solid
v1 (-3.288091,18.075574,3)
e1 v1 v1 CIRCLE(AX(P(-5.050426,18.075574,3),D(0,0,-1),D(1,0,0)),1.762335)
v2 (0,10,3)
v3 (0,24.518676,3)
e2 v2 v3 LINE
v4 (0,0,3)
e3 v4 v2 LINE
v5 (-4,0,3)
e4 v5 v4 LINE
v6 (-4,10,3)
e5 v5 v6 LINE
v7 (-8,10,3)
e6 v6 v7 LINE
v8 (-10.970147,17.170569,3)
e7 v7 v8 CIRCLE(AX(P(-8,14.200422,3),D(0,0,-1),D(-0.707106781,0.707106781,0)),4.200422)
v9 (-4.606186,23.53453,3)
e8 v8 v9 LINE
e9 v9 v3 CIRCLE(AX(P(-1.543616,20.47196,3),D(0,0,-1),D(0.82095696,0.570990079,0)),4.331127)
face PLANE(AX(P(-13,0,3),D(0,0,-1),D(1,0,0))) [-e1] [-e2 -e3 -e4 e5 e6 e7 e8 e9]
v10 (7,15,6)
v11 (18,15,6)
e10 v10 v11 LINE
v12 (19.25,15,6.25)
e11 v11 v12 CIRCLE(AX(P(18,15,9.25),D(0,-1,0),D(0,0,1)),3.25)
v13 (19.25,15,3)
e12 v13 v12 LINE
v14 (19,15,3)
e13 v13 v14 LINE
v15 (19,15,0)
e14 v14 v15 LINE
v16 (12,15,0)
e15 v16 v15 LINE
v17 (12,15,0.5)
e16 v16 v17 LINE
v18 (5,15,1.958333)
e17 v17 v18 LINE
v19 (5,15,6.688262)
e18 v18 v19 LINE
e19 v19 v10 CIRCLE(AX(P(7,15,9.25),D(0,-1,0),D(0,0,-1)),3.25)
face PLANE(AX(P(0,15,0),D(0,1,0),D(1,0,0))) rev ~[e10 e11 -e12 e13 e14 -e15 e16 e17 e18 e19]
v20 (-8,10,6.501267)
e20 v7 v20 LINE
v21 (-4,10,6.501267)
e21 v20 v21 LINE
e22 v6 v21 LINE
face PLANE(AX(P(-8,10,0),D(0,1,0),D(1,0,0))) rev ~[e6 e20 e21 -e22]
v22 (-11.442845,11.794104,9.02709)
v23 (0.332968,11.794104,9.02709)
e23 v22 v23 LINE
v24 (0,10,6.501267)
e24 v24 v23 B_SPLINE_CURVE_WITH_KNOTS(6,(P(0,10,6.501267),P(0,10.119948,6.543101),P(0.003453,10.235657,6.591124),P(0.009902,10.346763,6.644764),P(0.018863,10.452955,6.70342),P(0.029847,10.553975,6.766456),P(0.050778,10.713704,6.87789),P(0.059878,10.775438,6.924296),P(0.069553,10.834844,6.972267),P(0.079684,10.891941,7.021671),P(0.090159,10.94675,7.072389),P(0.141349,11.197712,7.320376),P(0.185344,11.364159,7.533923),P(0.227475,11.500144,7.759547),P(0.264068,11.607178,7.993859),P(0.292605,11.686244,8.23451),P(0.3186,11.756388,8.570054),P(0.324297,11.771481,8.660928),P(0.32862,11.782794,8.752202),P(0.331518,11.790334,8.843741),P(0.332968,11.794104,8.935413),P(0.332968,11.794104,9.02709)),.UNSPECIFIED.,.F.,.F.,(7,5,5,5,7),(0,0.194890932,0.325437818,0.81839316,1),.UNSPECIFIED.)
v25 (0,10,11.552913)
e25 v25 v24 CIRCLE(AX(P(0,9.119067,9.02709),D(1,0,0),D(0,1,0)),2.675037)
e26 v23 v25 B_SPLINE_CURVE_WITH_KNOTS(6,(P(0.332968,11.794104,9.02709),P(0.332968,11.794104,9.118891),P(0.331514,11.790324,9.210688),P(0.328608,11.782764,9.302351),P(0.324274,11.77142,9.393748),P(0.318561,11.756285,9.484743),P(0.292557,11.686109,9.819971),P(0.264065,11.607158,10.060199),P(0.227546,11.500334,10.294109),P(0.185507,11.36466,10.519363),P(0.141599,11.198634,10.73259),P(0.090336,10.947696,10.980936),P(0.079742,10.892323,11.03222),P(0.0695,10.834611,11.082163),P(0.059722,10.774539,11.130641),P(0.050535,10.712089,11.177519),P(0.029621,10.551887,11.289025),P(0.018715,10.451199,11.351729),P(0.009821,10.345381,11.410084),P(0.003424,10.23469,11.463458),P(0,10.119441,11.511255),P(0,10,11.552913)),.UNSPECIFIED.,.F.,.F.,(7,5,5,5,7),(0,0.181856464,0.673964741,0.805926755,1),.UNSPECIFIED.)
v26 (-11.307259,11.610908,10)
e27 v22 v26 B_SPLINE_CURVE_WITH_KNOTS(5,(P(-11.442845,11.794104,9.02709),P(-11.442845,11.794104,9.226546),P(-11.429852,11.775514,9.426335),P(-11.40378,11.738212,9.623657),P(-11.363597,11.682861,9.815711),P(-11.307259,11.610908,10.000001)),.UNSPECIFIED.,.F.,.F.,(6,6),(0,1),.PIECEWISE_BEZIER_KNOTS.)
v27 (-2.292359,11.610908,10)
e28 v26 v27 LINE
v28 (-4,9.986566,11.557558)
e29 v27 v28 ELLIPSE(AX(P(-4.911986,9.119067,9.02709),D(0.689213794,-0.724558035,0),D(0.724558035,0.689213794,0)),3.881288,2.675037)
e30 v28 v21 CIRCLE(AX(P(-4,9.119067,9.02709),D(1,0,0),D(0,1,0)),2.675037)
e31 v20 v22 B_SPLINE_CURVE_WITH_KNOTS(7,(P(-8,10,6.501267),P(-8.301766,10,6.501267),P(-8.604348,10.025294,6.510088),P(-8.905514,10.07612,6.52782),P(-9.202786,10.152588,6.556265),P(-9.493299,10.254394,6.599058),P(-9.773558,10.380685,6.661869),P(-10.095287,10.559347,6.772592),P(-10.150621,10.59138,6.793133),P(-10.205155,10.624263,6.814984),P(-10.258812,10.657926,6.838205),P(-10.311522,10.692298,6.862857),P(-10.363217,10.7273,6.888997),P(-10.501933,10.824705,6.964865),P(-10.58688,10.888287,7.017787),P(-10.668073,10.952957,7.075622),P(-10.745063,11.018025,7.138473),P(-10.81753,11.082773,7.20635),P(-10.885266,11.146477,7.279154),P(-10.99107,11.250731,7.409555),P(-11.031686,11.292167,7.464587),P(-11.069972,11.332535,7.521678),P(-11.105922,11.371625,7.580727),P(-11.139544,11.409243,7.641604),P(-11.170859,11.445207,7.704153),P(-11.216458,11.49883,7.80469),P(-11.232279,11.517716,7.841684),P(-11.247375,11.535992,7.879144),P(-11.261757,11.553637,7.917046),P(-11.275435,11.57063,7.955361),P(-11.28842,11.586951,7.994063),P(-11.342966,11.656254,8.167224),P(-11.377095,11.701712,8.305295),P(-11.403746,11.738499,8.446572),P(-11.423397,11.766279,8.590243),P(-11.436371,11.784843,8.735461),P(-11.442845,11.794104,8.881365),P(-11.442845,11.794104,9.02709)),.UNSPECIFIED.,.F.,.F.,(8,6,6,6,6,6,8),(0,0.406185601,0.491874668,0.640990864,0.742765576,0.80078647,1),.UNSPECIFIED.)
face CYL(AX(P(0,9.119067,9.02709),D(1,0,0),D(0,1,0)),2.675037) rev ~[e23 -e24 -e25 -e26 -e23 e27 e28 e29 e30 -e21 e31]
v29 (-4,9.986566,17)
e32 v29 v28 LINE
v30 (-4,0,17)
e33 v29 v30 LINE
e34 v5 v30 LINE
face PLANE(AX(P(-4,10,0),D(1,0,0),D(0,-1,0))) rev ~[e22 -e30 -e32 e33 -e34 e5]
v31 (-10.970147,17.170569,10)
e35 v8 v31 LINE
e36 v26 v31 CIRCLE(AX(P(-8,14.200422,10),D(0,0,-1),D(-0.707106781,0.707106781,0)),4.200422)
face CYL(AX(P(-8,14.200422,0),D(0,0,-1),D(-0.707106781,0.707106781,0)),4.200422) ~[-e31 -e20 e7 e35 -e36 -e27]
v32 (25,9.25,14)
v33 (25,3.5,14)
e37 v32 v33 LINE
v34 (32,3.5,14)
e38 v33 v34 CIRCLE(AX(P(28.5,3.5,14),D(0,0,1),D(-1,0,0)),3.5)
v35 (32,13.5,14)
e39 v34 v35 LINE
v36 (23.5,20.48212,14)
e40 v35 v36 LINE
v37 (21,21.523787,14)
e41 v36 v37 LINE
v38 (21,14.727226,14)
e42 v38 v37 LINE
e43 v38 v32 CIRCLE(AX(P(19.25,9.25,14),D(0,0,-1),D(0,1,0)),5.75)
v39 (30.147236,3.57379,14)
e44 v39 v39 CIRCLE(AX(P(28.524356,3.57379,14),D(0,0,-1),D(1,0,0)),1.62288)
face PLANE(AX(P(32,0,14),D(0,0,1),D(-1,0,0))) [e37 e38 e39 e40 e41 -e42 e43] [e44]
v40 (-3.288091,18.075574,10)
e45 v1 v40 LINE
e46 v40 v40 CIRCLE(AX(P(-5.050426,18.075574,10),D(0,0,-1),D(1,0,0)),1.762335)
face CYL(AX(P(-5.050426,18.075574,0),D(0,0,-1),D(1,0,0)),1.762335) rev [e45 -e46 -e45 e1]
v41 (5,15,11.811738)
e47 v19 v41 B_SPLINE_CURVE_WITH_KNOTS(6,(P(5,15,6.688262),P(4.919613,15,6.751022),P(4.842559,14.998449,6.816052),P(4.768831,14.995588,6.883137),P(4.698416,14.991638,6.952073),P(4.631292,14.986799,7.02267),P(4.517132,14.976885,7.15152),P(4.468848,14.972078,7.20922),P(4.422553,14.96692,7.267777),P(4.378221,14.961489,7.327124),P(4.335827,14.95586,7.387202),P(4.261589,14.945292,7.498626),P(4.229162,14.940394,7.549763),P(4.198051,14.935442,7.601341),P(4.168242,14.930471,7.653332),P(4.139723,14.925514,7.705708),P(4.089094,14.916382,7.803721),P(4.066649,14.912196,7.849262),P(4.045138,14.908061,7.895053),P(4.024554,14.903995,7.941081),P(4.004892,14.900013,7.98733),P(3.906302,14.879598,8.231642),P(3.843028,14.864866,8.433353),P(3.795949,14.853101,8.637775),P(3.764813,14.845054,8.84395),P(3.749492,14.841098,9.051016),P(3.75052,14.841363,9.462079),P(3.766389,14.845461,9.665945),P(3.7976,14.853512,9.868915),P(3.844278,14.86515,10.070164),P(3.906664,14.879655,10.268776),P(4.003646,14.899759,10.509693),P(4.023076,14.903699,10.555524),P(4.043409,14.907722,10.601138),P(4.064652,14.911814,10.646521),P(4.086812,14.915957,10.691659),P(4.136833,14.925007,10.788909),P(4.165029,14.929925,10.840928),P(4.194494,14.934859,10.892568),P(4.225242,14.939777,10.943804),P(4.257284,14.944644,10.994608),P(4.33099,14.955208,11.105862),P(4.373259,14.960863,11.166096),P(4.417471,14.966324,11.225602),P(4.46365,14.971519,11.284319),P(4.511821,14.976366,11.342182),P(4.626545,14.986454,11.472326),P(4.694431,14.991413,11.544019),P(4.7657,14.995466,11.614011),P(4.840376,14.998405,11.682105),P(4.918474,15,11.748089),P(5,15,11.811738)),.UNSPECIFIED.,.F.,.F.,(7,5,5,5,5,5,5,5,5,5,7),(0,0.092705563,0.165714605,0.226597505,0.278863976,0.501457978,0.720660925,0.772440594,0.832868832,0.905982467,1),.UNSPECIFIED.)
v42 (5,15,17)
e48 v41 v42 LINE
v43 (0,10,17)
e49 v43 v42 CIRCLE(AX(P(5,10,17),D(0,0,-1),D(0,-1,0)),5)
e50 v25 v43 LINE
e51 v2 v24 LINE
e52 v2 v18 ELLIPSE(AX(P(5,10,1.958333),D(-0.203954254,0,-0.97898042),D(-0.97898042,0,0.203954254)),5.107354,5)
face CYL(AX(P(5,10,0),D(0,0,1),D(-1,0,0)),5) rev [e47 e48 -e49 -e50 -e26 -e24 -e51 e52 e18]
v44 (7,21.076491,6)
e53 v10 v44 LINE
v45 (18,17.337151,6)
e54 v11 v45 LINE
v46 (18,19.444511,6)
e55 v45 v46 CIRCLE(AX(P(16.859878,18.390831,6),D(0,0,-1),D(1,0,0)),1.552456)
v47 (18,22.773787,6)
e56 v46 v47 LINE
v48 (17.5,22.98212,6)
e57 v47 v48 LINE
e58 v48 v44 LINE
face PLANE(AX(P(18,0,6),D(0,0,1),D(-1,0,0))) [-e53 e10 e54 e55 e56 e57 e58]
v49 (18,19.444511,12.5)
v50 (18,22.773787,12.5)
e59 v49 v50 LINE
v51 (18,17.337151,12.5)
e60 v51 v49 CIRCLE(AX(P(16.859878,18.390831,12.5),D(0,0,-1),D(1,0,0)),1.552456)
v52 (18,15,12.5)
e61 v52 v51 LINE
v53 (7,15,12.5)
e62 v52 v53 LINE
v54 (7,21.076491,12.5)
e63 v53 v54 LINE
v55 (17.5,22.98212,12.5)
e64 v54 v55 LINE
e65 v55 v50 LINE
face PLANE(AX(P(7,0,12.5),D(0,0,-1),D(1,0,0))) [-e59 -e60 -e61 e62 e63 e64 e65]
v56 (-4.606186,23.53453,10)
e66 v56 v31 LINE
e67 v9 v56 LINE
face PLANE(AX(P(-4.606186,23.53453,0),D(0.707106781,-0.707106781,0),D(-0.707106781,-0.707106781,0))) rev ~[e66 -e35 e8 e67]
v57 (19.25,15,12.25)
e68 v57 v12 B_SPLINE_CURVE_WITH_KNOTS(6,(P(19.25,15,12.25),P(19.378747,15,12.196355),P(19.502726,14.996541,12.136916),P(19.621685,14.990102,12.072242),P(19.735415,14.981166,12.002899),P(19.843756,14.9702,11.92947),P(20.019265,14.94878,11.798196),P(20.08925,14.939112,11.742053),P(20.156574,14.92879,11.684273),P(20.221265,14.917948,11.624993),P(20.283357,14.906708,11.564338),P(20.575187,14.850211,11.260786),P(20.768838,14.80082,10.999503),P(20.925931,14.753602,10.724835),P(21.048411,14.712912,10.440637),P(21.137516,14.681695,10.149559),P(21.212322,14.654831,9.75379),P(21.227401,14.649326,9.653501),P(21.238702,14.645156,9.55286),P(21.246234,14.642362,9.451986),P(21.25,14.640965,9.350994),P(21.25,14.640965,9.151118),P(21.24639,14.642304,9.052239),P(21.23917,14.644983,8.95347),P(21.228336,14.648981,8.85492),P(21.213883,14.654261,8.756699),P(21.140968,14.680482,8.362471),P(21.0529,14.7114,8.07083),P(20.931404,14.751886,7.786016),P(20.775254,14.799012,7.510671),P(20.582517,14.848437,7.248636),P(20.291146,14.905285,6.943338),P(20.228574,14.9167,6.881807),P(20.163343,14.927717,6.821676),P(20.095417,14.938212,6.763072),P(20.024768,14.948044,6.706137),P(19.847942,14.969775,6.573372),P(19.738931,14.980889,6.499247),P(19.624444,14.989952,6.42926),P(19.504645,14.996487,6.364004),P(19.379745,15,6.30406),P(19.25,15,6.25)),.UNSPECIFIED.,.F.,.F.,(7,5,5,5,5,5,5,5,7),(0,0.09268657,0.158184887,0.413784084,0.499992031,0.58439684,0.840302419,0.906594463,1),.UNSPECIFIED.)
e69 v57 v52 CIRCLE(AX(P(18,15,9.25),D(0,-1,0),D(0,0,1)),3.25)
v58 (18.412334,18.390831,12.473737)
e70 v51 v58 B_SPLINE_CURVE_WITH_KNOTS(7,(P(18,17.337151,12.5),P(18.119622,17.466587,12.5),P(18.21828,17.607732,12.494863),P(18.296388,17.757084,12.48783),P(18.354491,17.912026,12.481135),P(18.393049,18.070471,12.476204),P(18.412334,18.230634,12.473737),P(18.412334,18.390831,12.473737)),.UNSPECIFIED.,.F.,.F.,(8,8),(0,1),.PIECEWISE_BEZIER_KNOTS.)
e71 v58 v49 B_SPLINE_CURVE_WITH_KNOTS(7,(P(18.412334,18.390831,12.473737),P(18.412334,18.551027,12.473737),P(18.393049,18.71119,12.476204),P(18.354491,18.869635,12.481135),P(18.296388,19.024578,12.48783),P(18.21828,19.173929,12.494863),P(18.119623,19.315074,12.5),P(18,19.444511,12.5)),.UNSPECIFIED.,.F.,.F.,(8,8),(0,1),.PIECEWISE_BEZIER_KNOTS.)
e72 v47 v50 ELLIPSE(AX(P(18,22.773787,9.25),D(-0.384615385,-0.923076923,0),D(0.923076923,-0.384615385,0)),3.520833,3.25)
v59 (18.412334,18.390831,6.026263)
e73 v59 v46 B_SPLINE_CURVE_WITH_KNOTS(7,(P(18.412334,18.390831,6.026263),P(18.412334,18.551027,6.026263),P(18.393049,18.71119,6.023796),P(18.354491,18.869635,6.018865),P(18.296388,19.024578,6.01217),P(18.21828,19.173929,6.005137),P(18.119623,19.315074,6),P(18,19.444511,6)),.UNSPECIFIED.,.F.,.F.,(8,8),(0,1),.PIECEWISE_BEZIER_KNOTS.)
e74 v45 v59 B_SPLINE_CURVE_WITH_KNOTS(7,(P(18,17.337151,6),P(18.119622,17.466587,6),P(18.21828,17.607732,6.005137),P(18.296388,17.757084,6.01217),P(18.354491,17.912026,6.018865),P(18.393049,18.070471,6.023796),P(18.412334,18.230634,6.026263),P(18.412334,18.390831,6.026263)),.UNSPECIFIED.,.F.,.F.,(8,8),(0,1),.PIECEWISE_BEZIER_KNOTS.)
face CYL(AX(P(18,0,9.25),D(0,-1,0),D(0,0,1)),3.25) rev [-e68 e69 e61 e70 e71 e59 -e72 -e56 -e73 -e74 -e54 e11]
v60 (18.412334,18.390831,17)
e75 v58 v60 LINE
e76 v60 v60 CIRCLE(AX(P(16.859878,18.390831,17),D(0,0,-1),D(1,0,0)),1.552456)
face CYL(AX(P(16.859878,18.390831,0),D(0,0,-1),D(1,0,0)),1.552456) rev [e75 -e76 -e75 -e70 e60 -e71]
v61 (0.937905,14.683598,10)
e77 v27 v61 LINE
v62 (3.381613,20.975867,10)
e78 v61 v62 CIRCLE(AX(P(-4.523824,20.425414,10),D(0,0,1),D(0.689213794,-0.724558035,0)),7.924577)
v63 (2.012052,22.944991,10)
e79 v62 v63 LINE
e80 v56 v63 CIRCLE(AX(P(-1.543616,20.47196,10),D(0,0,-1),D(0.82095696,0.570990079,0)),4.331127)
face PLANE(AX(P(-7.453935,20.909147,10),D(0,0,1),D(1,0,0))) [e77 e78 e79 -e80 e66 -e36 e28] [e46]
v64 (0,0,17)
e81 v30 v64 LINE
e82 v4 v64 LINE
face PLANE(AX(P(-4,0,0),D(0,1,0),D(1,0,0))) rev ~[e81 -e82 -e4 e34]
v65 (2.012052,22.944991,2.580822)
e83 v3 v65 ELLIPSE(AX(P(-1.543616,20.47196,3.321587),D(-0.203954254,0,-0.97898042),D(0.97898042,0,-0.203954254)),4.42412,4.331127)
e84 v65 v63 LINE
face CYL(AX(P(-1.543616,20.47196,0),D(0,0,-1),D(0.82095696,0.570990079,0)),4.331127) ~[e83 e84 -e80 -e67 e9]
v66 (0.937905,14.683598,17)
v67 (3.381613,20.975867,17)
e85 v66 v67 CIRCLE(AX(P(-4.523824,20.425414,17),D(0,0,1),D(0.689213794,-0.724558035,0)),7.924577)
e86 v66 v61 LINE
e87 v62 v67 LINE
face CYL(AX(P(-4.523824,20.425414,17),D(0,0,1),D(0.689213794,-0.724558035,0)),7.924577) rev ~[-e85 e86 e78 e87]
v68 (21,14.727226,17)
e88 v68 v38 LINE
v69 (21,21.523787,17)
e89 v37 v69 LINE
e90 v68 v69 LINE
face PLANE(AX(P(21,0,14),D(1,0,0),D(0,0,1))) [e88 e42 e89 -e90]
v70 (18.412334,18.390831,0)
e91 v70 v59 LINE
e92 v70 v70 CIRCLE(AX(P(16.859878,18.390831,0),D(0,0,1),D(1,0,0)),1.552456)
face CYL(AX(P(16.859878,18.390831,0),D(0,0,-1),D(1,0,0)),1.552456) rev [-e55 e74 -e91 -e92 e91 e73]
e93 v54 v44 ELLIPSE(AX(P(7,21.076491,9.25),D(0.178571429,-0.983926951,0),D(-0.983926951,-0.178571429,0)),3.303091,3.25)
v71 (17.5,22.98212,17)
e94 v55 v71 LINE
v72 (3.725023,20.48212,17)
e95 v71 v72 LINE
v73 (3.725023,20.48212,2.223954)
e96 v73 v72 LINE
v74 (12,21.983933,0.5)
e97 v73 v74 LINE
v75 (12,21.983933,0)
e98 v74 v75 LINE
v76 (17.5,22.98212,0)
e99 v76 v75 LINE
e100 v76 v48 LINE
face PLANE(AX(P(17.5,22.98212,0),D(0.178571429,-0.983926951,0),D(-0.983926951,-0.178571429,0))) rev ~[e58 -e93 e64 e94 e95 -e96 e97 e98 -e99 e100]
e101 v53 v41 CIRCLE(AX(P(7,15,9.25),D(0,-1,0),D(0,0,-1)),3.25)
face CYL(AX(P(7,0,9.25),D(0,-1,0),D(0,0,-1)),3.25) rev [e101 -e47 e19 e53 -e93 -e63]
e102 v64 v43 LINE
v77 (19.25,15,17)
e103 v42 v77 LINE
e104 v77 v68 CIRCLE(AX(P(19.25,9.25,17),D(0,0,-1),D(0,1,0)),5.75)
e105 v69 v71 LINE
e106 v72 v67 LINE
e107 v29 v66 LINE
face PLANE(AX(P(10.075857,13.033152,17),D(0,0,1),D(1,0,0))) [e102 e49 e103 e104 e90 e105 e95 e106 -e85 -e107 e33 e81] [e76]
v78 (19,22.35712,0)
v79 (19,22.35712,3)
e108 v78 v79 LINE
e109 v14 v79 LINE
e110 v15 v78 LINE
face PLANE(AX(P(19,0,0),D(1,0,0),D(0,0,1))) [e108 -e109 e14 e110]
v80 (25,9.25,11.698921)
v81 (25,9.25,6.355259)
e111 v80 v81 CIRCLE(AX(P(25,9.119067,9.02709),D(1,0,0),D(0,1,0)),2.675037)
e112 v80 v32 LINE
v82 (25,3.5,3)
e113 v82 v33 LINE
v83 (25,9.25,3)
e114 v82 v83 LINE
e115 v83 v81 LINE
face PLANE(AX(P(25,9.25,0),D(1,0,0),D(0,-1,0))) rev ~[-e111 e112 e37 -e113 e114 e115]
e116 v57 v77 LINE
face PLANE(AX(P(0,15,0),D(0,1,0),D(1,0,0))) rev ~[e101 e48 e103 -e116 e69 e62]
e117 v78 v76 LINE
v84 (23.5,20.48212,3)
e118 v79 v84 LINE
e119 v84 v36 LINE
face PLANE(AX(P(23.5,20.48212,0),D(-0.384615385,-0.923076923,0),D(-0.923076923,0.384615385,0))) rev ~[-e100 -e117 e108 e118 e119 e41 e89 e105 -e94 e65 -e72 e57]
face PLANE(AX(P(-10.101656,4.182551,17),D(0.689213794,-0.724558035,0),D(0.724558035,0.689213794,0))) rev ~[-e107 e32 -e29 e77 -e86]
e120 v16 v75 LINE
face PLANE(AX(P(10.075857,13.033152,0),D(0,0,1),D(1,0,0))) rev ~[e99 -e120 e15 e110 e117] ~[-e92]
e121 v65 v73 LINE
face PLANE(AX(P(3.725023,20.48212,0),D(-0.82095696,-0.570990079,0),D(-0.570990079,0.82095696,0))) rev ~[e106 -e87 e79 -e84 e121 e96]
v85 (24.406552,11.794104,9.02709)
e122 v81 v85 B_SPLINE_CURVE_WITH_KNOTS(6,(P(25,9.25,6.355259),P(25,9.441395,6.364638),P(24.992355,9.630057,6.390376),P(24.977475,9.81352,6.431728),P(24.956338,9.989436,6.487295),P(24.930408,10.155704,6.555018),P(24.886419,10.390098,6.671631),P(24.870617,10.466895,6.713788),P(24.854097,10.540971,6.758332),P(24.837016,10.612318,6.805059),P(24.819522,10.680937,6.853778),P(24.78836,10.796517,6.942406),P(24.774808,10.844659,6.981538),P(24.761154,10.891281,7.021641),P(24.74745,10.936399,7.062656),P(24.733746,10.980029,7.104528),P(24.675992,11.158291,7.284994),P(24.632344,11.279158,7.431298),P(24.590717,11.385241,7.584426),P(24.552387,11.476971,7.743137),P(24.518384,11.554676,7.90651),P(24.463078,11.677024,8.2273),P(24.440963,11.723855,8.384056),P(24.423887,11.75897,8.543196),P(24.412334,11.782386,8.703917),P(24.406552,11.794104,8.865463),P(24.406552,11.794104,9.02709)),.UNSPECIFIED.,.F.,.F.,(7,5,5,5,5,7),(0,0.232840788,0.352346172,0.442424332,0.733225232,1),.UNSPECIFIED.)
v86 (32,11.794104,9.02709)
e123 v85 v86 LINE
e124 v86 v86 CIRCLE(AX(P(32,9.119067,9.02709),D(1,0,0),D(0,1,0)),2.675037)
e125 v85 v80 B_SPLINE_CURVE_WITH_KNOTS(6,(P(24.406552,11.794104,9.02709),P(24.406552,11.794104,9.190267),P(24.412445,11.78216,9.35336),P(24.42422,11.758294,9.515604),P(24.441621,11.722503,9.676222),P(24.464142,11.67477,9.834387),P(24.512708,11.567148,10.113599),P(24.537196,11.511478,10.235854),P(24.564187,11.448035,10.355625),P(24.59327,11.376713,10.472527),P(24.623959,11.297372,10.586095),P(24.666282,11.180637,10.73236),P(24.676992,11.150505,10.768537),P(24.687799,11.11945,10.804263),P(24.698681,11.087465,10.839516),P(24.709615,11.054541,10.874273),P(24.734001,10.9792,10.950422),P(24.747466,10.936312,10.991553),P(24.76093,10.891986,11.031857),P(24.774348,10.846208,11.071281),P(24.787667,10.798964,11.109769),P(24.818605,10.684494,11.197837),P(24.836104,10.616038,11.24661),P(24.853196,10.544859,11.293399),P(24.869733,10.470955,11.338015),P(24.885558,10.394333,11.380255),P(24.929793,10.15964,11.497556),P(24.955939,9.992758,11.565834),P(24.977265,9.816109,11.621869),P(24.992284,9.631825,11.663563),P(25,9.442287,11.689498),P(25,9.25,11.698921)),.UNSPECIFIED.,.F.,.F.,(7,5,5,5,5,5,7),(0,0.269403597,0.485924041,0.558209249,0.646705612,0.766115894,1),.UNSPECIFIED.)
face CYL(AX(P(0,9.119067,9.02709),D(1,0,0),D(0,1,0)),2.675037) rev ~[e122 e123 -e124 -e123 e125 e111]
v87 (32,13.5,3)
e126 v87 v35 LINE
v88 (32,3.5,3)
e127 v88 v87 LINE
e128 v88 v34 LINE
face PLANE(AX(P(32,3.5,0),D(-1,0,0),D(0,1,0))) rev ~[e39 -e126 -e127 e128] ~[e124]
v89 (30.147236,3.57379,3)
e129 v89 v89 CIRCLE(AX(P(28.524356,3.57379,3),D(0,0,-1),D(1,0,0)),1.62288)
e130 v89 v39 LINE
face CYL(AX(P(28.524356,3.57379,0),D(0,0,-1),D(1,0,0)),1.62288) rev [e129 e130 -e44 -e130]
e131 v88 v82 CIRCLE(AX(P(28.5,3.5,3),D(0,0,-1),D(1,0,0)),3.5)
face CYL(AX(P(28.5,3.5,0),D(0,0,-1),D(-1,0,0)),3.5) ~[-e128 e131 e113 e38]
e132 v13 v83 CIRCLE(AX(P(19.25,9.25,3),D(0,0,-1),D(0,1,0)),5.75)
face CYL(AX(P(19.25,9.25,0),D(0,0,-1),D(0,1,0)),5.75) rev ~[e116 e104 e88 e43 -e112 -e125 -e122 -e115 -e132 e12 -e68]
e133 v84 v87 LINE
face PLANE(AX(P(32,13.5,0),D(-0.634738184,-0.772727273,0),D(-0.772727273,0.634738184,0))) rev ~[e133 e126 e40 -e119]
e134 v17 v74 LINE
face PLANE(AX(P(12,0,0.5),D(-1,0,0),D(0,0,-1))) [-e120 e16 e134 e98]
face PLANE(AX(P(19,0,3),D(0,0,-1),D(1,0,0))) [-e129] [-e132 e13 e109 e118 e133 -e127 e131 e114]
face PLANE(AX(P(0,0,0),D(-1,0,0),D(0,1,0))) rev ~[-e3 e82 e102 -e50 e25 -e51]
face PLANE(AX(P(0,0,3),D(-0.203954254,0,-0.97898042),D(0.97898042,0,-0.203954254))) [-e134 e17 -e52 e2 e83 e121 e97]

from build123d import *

# Parameters (mm, degrees)
F1_DEPTH  = 17
F2_R      = 5
F4_DEPTH  = 25
F7_DEPTH  = 7
F8_R      = 1.6228798791
F8_R_2    = 1.552456108
F8_R_3    = 1.7623350299
F10_DEPTH = 25
F9_R      = 2.6750370967
F11_DEPTH = 37.3


with BuildPart() as f1:
    # F0 (on Top) → F1 (new body)
    with BuildSketch(Plane.XY):
        with BuildLine():
            Line((-4, 0), (0, 0))
            Line((0, 0), (0, 15))
            Line((0, 15), (19.25, 15))
            ThreePointArc((19.25, 15), (23.3158639918, 13.3158639918), (25, 9.25))
            Line((25, 9.25), (25, 3.5))
            ThreePointArc((25, 3.5), (28.5, 0), (32, 3.5))
            Line((32, 3.5), (32, 13.5))
            Line((32, 13.5), (23.5, 20.4821200219))
            Line((23.5, 20.4821200219), (17.5, 22.9821200219))
            Line((17.5, 22.9821200219), (3.725022686, 20.4821200219))
            Line((3.725022686, 20.4821200219), (2.0120524503, 22.9449909018))
            ThreePointArc((2.0120524503, 22.9449909018), (-1.159330371, 24.7860054935), (-4.6061857342, 23.5345296327))
            Line((-4.6061857342, 23.5345296327), (-10.9701467649, 17.170568602))
            ThreePointArc((-10.9701467649, 17.170568602), (-11.8806837632, 12.5929899911), (-8, 10))
            Line((-8, 10), (-4, 10))
            Line((-4, 10), (-4, 0))
        make_face()
    extrude(amount=F1_DEPTH)

    # F2
    f2_edges = [f1.edges().sort_by_distance(p)[0] for p in [
        (0, 15, 8.5),
    ]]
    fillet(f2_edges, radius=F2_R)

    # F3 (on Front) → F4 (intersect)
    with BuildSketch(Plane.XZ):
        Polygon((12, 0), (19, 0), (19, 3), (32, 3), (32, 14), (21, 14), (21, 17), (-13, 17), (-13, 3), (0, 3), (12, 0.5), align=None)
        with BuildLine():
            Line((18, 6), (7, 6))
            ThreePointArc((7, 6), (3.75, 9.25), (7, 12.5))
            Line((7, 12.5), (18, 12.5))
            ThreePointArc((18, 12.5), (21.25, 9.25), (18, 6))
        make_face(mode=Mode.SUBTRACT)
    extrude(amount=-F4_DEPTH, mode=Mode.INTERSECT)

    # F6 (on offset) → F7 (cut)
    with BuildSketch(Plane.XY.offset(17)):
        with BuildLine():
            Line((3.1616305932, 22.3574396223), (2.5333629455, 31.5121971071))
            Line((2.5333629455, 31.5121971071), (-19.064229839, 31.5121971071))
            Line((-19.064229839, 31.5121971071), (-10.1016564295, 4.1825510561))
            Line((-10.1016564295, 4.1825510561), (0.9379045805, 14.6835977212))
            ThreePointArc((0.9379045805, 14.6835977212), (3.08761934, 18.2197699763), (3.1616305932, 22.3574396223))
        make_face()
    extrude(amount=-F7_DEPTH, mode=Mode.SUBTRACT)

    # F8 (on Top) → F10 (cut)
    with BuildSketch(Plane.XY):
        with Locations((28.5243559629, 3.5737901926)):
            Circle(F8_R)
        with Locations((16.8598778546, 18.3908306062)):
            Circle(F8_R_2)
        with Locations((-5.050426349, 18.0755741894)):
            Circle(F8_R_3)
    extrude(amount=F10_DEPTH, mode=Mode.SUBTRACT)

    # F9 (on Right) → F11 (cut, symmetric)
    with BuildSketch(Plane.YZ):
        with Locations((9.1190673411, 9.0270899236)):
            Circle(F9_R)
    extrude(amount=F11_DEPTH, both=True, mode=Mode.SUBTRACT)


solid = f1.part
